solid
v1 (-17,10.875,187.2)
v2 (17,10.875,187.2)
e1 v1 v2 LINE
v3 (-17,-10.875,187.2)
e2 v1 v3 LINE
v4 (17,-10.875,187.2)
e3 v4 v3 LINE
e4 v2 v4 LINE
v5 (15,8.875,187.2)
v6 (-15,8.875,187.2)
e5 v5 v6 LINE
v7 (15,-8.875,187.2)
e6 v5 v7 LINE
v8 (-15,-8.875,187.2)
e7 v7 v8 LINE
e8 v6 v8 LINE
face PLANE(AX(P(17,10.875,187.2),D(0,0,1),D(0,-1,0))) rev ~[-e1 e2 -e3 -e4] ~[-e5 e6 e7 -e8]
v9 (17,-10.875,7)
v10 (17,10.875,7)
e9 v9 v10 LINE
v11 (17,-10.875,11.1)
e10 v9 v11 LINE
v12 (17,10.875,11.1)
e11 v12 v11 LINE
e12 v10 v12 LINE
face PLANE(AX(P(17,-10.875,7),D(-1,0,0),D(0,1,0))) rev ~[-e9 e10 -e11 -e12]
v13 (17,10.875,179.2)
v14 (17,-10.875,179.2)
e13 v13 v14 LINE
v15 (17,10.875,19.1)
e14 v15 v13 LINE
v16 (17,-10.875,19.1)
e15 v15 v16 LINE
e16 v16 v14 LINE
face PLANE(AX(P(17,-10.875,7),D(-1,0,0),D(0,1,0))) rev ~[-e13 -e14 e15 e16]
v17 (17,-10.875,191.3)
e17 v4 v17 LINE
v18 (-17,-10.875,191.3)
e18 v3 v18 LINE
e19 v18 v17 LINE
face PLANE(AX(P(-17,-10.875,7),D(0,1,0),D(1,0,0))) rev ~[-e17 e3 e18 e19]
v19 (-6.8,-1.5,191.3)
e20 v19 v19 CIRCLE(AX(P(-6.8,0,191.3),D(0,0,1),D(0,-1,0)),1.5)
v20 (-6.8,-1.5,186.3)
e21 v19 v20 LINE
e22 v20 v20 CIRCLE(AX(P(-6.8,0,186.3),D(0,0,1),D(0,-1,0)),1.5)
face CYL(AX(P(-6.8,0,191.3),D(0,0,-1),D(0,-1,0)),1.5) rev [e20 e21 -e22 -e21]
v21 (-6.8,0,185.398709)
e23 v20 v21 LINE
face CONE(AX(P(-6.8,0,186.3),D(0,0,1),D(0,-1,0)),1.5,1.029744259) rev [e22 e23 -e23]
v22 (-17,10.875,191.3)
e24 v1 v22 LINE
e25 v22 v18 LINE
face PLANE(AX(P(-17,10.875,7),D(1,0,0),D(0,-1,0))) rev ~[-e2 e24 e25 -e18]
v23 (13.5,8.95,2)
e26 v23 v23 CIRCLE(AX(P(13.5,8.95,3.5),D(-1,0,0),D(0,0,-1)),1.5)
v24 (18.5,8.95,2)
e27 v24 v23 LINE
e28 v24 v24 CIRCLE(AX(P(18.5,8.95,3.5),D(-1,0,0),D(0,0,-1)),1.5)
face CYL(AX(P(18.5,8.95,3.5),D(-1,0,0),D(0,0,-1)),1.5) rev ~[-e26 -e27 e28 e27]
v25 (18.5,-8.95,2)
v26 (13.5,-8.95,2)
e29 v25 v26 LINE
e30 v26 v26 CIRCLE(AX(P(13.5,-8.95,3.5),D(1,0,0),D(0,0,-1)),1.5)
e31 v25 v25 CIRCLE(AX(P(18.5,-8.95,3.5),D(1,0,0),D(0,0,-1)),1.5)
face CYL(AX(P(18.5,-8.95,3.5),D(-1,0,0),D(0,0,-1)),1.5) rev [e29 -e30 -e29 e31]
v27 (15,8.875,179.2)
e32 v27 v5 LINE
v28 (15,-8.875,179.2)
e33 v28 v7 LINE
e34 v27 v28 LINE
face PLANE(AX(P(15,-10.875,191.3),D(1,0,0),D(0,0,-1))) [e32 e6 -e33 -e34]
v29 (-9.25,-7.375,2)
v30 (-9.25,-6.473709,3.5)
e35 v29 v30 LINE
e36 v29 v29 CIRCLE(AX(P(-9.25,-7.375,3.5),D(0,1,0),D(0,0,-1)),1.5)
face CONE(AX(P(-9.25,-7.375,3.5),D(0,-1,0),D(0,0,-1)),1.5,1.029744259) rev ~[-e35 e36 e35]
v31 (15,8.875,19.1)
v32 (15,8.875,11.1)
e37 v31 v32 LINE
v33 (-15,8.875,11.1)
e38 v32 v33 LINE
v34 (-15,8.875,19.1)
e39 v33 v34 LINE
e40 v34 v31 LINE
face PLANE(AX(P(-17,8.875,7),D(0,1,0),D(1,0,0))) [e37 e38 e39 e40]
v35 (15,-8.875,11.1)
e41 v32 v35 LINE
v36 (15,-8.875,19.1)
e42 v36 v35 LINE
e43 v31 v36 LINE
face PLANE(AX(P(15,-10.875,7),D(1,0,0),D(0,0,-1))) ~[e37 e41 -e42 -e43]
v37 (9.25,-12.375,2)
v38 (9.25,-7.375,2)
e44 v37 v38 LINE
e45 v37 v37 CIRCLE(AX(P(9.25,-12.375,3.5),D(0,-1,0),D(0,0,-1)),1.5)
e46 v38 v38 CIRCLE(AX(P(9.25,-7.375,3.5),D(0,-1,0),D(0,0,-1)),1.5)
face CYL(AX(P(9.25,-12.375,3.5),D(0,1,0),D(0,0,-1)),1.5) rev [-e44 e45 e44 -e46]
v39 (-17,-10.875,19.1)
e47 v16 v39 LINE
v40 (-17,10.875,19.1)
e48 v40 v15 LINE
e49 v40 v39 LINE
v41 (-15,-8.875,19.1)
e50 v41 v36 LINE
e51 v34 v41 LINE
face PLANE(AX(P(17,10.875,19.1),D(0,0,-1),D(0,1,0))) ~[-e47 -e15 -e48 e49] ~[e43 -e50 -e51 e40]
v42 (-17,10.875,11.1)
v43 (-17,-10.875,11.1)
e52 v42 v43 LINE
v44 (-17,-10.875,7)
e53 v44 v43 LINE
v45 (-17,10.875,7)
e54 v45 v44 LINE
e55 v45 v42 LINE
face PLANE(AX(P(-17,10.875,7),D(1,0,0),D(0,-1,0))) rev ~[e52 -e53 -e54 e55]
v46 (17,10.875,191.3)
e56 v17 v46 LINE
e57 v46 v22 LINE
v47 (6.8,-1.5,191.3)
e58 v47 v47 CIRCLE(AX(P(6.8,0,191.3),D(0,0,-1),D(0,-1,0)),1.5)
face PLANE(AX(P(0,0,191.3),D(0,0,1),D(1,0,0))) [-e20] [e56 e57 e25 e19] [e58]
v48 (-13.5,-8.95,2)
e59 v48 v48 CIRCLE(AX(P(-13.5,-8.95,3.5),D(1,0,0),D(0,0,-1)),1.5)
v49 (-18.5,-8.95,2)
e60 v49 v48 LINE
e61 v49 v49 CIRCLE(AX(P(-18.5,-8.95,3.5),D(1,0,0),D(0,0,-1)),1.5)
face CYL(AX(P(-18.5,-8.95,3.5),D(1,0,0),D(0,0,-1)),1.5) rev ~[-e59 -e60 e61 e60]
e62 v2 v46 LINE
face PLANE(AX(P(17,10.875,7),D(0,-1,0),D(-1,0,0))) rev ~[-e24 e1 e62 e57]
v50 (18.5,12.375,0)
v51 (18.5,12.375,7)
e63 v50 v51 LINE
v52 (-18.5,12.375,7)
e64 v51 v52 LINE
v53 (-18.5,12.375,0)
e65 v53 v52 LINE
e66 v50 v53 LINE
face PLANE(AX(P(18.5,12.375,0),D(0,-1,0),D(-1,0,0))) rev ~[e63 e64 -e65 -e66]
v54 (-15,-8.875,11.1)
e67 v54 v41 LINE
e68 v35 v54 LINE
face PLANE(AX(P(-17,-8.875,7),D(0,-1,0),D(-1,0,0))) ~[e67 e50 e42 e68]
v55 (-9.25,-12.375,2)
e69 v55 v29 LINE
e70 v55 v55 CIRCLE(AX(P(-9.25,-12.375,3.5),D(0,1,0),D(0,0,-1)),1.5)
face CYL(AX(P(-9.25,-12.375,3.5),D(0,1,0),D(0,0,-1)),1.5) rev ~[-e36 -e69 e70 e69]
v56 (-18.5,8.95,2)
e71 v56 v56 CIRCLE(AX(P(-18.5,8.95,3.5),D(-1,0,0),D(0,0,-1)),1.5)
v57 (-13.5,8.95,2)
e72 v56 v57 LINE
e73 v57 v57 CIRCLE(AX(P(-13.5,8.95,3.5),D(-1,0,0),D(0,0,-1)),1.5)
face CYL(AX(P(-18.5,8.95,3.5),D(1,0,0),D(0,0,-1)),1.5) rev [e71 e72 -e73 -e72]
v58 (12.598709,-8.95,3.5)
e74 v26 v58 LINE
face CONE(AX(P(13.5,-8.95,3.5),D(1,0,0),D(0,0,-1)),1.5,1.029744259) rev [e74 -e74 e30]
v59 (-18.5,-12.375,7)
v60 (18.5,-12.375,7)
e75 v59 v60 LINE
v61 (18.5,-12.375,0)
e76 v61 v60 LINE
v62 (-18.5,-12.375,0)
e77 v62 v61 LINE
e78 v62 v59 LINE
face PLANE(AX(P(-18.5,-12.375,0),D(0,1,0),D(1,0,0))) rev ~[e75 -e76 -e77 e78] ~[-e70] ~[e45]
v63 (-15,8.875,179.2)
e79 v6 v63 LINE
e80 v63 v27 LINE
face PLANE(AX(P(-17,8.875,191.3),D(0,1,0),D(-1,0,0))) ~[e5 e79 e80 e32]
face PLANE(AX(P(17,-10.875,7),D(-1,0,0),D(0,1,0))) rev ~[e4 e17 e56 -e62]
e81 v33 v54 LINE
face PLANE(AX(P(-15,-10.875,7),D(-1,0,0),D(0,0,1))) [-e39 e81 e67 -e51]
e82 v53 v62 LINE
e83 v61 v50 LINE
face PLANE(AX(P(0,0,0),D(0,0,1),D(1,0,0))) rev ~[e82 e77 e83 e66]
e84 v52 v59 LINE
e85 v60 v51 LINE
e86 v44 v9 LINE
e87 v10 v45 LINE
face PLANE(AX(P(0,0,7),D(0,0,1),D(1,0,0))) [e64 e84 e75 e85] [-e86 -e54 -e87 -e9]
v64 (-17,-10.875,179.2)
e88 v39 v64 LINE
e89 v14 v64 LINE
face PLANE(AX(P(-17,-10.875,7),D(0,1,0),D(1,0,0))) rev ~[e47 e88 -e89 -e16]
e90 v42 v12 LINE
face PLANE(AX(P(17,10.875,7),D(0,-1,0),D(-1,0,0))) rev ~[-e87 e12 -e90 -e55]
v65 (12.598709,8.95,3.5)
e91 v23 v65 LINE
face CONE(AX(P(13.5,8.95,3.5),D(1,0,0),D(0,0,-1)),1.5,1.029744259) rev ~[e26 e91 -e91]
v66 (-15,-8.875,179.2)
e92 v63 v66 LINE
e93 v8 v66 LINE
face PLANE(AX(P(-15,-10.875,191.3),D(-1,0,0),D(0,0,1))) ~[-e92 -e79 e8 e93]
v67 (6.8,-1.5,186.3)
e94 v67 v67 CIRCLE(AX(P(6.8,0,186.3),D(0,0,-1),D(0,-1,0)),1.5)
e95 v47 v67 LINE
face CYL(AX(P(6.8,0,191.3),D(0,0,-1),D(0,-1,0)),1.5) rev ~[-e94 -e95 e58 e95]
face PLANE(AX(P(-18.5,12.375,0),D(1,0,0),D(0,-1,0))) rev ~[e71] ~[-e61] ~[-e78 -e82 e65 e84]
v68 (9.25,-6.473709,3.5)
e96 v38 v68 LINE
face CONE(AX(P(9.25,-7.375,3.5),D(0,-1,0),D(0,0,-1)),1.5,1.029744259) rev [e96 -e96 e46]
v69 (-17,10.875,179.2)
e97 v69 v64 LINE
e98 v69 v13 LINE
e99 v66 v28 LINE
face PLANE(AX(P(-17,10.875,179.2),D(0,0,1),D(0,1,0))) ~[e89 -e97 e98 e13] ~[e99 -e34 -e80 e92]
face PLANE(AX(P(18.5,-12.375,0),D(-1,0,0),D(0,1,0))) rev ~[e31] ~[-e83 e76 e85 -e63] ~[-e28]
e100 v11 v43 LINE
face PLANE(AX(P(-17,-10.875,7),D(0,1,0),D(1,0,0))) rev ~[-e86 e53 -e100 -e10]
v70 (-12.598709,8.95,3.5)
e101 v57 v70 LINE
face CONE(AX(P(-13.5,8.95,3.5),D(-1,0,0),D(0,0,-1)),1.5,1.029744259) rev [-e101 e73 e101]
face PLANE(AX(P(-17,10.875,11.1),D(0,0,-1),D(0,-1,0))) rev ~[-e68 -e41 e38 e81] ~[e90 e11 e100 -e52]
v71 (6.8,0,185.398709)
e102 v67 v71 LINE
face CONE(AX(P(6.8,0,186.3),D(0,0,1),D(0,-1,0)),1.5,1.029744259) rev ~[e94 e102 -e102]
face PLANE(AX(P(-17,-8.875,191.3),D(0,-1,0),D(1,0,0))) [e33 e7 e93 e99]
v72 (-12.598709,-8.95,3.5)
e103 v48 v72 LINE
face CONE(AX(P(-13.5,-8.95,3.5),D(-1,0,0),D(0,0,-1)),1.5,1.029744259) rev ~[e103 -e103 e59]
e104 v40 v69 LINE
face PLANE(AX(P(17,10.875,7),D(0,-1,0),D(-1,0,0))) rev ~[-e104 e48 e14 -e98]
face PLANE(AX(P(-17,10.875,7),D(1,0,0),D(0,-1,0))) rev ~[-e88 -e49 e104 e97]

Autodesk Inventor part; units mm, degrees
ref_plane "YZ Plane" through (0, 0, 0) normal (1, 0, 0) x (0, 1, 0)
ref_plane "XZ Plane" through (0, 0, 0) normal (0, 1, 0) x (-1, 0, 0)
ref_plane "XY Plane" through (0, 0, 0) normal (0, 0, 1) x (1, 0, 0)
sketch "Sketch8" plane through (0, 0, 0) normal (0, 0, 1) x (1, 0, 0)
  line L0 (-18.5, -12.375) -> (18.5, -12.375)
  line L1 (18.5, -12.375) -> (18.5, 12.375)
  line L2 (18.5, 12.375) -> (-18.5, 12.375)
  line L3 (-18.5, 12.375) -> (-18.5, -12.375)
  line L4 (-18.5, -12.375) -> (18.5, 12.375) construction
  line L5 (18.5, -12.375) -> (-18.5, 12.375) construction
  point P0 (0, 0)
  dimension "d43" = 37
  dimension "d44" = 24.75
extrude "Extrusion6" add sketch "Sketch8" along normal blind 7
sketch "Sketch9" plane through (0, 0, 7) normal (0, 0, 1) x (1, 0, 0)
  line L0 (-17, -10.875) -> (17, -10.875)
  line L1 (17, -10.875) -> (17, 10.875)
  line L2 (17, 10.875) -> (-17, 10.875)
  line L3 (-17, 10.875) -> (-17, -10.875)
  line L4 (-17, -10.875) -> (17, 10.875) construction
  line L5 (17, -10.875) -> (-17, 10.875) construction
  line L6 (18.5, 12.375) -> (-18.5, 12.375) projected
  line L7 (18.5, -12.375) -> (18.5, 12.375) projected
  point P0 (0, 0)
  dimension "d49" = 1.5
  dimension "d50" = 1.5
extrude "Extrusion7" add sketch "Sketch9" along normal blind 184.3
sketch "Sketch10" plane through (18.5, -12.375, 0) normal (1, 0, 0) x (0, 0, -1)
  circle A0 centre (-3.5, 21.325) radius 1.5
  line L0 (0, 0) -> (0, 24.75) projected
  line L1 (0, 24.75) -> (-7, 24.75) projected
  point P0 (0, 12.375)
  dimension "d53" = 3
  dimension "d56" = 3.425
  dimension "d57" = 3.5
hole "Hole1" at (18.5, 8.95, 3.5) direction (-1, 0, 0) diameter 3 depth 5 tip angle 118
mirror "Mirror1" about plane through (0, 0, 0) normal (0, 1, 0) of "Hole1"
mirror "Mirror2" about plane through (0, 0, 0) normal (1, 0, 0) of "Hole1", "Mirror1"
sketch "Sketch11" plane through (-18.5, -12.375, 0) normal (0, -1, 0) x (1, 0, 0)
  line L0 (18.5, 0) -> (18.5, 7)
  line L1 (37, 7) -> (0, 7) projected
  line L2 (18.5, 3.5) -> (0, 3.5)
  line L3 (0, 0) -> (0, 7) projected
  circle A0 centre (9.25, 3.5) radius 1.5
  dimension "d66" = 3
hole "Hole2" at (-9.25, -12.375, 3.5) direction (0, 1, 0) diameter 3 depth 5 tip angle 118
mirror "Mirror3" about plane through (0, 0, 0) normal (1, 0, 0) of "Hole2"
sketch "Sketch12" plane through (0, 0, 191.3) normal (0, 0, 1) x (1, 0, 0)
  circle A0 centre (6.8, 0) radius 1.5
  line L0 (17, -10.875) -> (17, 10.875) projected
  line L1 (17, 10.875) -> (-17, 10.875) projected
  point P0 (0, 0)
  dimension "d74" = 3
  dimension "d75" = 10.2
  dimension "d76" = 10.875
hole "Hole3" at (6.8, 0, 191.3) direction (0, 0, -1) diameter 3 depth 5 tip angle 118
mirror "Mirror4" about plane through (0, 0, 0) normal (1, 0, 0) of "Hole3"
sketch "Sketch13" plane through (-17, -10.875, 7) normal (-1, 0, 0) x (0, 0, 1)
  line L0 (0, 21.75) -> (4.1, 21.75)
  line L1 (0, 21.75) -> (184.3, 21.75) projected
  line L2 (4.1, 21.75) -> (4.1, 0)
  line L3 (0, 0) -> (184.3, 0) projected
  line L4 (4.1, 21.75) -> (12.1, 21.75)
  line L5 (0, 21.75) -> (184.3, 21.75) projected
  line L6 (12.1, 21.75) -> (12.1, 0)
  line L7 (12.1, 0) -> (4.1, 0)
  point P0 (-7, 10.875)
  dimension "d84" = 4.1
  dimension "d85" = 90
  dimension "d86" = 8
  dimension "d87" = 90
extrude "Extrusion8" cut sketch "Sketch13" against normal blind 2
mirror "Mirror5" about plane through (0, 0, 0) normal (1, 0, 0) of "Extrusion8"
sketch "Sketch14" plane through (-17, 10.875, 7) normal (0, 1, 0) x (1, 0, 0)
  line L0 (34, -4.1) -> (32, -4.1) projected
  line L1 (2, -4.1) -> (2, -12.1) projected
  line L2 (32, -4.1) -> (2, -4.1)
  line L3 (2, -4.1) -> (2, -12.1)
  line L4 (2, -12.1) -> (32, -12.1)
  line L5 (32, -12.1) -> (32, -4.1)
  point P0 (17, 7)
extrude "Extrusion9" cut sketch "Sketch14" against normal blind 2
mirror "Mirror6" about plane through (0, 0, 0) normal (0, 1, 0) of "Extrusion9"
ref_plane "Work Plane4" through (0, 0, 99.15) normal (0, 0, 1) x (1, 0, 0)
mirror "Mirror7" about plane through (0, 0, 99.15) normal (0, 0, 1) of "Extrusion9", "Extrusion8", "Mirror5", "Mirror6"
properties part number "Mold"
